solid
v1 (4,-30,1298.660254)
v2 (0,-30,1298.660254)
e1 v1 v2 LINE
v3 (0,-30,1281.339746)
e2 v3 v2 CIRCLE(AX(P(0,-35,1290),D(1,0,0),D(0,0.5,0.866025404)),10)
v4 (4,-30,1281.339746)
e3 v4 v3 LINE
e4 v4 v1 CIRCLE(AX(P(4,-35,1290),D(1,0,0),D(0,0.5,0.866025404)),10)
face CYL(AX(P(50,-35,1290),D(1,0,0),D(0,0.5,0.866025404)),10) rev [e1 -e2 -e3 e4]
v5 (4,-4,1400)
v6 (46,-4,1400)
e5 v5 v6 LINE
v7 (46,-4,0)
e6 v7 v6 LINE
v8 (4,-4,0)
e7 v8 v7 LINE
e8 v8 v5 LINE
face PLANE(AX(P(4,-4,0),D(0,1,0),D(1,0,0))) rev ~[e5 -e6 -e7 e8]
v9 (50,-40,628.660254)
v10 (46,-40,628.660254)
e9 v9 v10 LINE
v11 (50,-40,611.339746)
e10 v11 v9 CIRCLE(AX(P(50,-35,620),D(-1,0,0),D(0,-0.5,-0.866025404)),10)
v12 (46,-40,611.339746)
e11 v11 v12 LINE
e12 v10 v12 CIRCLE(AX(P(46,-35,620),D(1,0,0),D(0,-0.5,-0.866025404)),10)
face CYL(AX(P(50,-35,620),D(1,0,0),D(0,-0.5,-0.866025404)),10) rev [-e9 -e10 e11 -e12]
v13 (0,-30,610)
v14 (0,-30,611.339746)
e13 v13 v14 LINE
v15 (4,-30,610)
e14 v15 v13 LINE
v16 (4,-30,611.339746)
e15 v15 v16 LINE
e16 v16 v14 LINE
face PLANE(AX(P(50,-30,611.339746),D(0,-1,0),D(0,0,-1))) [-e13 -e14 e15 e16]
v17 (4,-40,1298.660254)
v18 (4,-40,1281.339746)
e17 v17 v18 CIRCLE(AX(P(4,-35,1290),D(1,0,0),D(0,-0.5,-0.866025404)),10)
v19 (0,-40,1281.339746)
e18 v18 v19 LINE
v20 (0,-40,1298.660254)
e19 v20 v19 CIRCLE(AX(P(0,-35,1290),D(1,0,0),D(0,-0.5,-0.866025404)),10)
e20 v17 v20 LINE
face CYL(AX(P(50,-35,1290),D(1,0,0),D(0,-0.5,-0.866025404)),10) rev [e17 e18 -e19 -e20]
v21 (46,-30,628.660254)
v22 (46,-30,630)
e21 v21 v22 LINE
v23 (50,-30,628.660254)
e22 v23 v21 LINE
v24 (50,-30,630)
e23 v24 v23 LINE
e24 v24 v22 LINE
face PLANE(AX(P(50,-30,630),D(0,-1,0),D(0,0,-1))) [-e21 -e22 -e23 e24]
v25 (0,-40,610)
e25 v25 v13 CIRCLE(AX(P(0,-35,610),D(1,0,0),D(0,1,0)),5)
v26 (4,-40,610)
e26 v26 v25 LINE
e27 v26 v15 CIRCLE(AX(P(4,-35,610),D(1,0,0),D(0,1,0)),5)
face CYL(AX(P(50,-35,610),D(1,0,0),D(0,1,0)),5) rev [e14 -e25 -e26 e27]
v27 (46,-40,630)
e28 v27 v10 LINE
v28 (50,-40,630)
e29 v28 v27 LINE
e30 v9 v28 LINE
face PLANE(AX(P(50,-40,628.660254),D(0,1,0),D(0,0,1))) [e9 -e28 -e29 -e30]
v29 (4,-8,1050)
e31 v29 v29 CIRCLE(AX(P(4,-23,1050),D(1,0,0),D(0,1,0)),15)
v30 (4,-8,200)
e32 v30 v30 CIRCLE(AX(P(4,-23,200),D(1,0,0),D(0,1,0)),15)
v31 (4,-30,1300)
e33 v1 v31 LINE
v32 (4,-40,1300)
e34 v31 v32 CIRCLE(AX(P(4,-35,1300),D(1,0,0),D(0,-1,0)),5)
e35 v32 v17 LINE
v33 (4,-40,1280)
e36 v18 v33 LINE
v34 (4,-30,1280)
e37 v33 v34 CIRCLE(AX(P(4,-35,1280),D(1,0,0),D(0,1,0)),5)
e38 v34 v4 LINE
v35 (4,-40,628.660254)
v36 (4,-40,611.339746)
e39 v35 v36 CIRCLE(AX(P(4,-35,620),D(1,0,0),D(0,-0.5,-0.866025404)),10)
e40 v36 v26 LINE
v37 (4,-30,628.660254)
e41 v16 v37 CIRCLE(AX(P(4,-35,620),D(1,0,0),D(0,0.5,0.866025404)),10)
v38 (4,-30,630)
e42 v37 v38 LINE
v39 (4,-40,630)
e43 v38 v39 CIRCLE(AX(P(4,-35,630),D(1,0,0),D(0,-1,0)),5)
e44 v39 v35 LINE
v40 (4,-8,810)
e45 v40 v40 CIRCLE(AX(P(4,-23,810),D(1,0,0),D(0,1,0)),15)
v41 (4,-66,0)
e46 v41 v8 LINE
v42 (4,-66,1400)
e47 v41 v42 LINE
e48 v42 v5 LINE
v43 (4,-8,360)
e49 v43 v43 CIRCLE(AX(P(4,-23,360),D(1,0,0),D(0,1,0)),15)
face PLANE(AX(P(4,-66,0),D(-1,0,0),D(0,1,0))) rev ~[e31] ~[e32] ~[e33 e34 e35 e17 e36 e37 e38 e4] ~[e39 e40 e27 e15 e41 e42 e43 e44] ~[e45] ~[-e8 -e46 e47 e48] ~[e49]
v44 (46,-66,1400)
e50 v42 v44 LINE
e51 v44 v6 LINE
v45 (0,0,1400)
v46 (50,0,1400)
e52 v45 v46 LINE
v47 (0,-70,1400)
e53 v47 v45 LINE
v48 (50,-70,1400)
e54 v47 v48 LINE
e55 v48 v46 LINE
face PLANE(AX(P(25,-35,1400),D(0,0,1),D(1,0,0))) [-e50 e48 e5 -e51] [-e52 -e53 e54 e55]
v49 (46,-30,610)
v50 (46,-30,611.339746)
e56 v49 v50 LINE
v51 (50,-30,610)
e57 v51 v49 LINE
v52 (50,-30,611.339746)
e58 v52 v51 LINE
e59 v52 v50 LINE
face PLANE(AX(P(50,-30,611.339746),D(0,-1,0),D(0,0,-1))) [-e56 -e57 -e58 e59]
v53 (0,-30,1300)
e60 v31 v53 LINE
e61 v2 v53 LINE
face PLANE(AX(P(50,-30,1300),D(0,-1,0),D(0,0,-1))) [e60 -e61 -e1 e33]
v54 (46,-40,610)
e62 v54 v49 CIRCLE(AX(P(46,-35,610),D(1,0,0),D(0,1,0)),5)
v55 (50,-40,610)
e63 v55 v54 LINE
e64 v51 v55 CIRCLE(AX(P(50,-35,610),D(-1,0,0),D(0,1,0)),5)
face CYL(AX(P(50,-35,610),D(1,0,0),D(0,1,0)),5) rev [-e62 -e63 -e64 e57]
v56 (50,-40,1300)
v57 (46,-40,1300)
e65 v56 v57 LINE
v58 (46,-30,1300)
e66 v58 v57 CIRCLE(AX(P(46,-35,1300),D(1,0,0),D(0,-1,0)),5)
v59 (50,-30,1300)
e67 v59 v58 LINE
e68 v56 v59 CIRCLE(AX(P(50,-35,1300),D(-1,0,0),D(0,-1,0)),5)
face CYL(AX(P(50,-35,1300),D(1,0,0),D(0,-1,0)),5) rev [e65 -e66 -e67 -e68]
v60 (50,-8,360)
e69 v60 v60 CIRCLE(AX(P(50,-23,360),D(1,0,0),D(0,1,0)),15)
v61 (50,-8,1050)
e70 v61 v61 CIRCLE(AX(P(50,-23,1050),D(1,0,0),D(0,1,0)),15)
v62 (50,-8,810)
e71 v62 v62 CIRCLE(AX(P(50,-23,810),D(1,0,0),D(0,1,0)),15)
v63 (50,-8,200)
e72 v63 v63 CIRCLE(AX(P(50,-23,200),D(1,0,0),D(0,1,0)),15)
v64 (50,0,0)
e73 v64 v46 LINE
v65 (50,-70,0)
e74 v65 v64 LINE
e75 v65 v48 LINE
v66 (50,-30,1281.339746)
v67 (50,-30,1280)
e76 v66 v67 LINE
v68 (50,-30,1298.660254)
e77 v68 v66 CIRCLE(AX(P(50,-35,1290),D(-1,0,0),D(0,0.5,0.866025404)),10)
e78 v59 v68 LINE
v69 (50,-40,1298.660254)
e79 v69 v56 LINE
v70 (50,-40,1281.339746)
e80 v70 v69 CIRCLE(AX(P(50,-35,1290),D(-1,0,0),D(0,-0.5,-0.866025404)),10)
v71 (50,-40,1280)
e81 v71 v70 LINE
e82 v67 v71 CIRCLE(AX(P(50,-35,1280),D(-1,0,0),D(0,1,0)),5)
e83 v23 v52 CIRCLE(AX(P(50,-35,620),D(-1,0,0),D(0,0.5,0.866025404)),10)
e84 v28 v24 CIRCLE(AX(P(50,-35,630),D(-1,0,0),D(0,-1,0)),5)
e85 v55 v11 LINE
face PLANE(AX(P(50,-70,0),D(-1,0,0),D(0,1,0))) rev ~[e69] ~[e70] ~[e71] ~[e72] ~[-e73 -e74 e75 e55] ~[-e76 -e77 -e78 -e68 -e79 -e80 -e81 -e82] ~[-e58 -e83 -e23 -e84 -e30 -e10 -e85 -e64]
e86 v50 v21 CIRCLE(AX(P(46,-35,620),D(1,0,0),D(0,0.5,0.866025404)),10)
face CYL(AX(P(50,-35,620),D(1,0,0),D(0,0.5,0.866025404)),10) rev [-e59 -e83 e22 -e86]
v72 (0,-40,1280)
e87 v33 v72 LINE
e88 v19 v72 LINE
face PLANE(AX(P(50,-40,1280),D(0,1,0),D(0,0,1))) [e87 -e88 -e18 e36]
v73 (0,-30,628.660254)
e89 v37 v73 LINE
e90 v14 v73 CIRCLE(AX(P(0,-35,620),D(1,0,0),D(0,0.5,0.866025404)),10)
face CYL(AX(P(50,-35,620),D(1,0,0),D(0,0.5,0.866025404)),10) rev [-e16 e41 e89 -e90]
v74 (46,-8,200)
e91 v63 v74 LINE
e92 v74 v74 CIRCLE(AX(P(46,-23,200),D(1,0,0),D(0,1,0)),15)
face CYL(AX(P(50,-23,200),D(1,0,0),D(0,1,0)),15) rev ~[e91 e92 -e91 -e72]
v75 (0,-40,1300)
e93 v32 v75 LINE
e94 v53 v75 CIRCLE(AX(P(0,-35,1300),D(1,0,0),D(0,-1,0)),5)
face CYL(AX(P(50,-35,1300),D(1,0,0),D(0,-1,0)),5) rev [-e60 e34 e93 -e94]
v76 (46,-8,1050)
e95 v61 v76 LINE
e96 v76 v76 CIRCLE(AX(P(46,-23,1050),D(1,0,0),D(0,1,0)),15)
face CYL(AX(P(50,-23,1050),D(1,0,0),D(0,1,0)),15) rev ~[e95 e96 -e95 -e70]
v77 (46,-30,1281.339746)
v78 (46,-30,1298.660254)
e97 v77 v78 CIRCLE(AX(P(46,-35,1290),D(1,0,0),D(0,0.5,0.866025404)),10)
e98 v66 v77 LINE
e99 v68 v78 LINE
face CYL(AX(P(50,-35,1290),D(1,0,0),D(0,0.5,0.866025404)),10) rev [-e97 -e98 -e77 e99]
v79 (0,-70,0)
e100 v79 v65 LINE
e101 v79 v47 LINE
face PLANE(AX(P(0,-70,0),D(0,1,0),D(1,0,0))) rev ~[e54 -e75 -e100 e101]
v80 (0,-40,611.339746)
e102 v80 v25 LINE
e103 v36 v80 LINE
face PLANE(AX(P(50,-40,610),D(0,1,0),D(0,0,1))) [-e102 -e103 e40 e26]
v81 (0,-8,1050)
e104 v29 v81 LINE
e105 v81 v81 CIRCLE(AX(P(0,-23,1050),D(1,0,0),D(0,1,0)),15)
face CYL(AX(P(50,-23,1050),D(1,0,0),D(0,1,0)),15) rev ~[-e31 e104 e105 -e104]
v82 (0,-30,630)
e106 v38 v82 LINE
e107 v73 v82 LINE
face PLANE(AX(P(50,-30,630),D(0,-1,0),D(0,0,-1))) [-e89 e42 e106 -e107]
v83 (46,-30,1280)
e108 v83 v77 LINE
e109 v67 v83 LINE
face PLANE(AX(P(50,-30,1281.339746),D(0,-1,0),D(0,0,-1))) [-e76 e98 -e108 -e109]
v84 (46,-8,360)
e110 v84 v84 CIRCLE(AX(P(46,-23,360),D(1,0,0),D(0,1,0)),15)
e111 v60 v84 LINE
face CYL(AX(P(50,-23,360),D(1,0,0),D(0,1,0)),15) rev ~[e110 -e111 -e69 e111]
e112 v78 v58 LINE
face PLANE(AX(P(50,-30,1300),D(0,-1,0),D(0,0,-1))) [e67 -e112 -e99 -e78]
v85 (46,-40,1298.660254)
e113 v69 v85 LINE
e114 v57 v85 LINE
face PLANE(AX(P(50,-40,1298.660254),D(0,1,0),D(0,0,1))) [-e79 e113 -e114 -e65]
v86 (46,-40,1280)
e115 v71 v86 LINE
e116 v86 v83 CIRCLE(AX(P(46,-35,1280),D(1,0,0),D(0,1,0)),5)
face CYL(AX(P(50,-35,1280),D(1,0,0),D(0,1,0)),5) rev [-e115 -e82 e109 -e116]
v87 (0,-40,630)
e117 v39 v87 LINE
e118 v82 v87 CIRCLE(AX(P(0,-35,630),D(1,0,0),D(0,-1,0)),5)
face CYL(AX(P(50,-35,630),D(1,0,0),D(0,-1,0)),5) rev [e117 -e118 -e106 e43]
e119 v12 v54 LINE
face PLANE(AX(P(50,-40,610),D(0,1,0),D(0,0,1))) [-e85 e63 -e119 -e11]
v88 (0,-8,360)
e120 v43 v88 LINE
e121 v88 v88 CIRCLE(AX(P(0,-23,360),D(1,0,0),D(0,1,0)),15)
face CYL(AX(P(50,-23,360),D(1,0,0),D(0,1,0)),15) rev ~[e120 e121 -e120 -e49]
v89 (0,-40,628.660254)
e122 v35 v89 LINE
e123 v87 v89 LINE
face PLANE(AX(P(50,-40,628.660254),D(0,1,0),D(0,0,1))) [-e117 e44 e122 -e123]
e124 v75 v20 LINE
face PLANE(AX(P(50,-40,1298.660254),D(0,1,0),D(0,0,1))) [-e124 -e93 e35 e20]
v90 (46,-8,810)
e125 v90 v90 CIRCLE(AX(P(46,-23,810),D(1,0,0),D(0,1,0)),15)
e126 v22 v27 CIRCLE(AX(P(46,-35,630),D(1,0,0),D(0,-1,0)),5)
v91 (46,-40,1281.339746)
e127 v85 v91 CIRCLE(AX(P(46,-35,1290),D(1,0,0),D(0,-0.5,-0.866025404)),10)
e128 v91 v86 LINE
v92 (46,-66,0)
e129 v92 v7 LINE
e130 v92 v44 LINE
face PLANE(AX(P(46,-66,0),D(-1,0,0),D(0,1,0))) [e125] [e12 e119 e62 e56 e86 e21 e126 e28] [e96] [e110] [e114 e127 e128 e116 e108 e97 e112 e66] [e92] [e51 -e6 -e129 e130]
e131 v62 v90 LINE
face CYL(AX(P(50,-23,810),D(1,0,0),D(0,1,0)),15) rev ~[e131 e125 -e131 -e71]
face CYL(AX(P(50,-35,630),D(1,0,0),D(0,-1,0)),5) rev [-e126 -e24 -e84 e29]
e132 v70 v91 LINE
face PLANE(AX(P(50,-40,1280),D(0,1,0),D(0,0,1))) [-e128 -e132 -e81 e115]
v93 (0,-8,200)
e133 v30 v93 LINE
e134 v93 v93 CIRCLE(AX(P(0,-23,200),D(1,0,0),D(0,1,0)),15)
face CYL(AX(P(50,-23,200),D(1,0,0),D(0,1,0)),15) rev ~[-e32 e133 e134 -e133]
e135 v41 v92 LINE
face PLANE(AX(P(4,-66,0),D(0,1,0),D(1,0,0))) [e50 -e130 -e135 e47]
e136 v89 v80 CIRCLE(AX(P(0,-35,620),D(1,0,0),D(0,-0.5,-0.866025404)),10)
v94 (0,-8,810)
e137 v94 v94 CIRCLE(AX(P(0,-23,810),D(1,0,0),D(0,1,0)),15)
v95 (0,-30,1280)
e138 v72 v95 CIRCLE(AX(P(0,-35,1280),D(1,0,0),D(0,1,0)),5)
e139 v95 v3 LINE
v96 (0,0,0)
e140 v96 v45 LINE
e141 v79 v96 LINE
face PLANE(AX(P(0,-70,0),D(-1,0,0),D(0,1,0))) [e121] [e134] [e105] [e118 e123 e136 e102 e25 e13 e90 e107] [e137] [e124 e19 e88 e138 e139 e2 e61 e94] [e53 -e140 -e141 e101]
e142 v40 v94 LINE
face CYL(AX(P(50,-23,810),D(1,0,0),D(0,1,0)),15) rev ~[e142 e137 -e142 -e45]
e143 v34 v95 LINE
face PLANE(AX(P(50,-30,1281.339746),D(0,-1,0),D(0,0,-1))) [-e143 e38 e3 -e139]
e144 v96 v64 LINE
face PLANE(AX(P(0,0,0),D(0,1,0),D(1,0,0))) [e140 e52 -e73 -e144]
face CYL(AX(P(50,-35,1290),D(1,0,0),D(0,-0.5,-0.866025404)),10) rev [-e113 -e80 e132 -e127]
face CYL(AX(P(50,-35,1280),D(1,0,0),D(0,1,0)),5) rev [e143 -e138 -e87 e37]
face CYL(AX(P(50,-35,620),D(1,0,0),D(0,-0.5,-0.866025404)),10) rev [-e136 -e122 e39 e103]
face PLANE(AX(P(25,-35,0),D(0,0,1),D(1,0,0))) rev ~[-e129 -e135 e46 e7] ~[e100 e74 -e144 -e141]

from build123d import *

# Parameters (mm, degrees)
SKETCH1_W           = 50
SKETCH1_H           = 70
SKETCH1_W_2         = 42
SKETCH1_H_2         = 62
BOSS_EXTRUDE2_DEPTH = 1400
SKETCH2_R           = 15
CUT_EXTRUDE1_DEPTH  = 1403.640367307


with BuildPart() as part:
    # Sketch1 → Boss-Extrude2 (new body)
    with BuildSketch(Plane.XY):
        with Locations((25, -35)):
            Rectangle(SKETCH1_W, SKETCH1_H)
        with Locations((25, -35)):
            Rectangle(SKETCH1_W_2, SKETCH1_H_2, mode=Mode.SUBTRACT)
    extrude(amount=BOSS_EXTRUDE2_DEPTH)

    # Sketch2 → Cut-Extrude1 (cut, through all)
    with BuildSketch(Plane(origin=(50, 0, 0), x_dir=(0, 0, -1), z_dir=(1, 0, 0))):
        with Locations(Location((-1050, -23, 0), (0, 0, 90))):
            Circle(SKETCH2_R)
        with Locations(Location((-200, -23, 0), (0, 0, 90))):
            Circle(SKETCH2_R)
        with Locations(Location((-810, -23, 0), (0, 0, 90))):
            Circle(SKETCH2_R)
        with Locations(Location((-360, -23, 0), (0, 0, 90))):
            Circle(SKETCH2_R)
        with BuildLine():
            Line((-1281.339745962, -30), (-1280, -30))
            ThreePointArc((-1280, -30), (-1275, -35), (-1280, -40))
            Line((-1280, -40), (-1281.339745962, -40))
            ThreePointArc((-1281.339745962, -40), (-1290, -45), (-1298.660254038, -40))
            Line((-1298.660254038, -40), (-1300, -40))
            ThreePointArc((-1300, -40), (-1305, -35), (-1300, -30))
            Line((-1300, -30), (-1298.660254038, -30))
            ThreePointArc((-1298.660254038, -30), (-1290, -25), (-1281.339745962, -30))
        make_face()
        with BuildLine():
            Line((-611.339745962, -30), (-610, -30))
            ThreePointArc((-610, -30), (-605, -35), (-610, -40))
            Line((-610, -40), (-611.339745962, -40))
            ThreePointArc((-611.339745962, -40), (-620, -45), (-628.660254038, -40))
            Line((-628.660254038, -40), (-630, -40))
            ThreePointArc((-630, -40), (-635, -35), (-630, -30))
            Line((-630, -30), (-628.660254038, -30))
            ThreePointArc((-628.660254038, -30), (-620, -25), (-611.339745962, -30))
        make_face()
    extrude(amount=-CUT_EXTRUDE1_DEPTH, mode=Mode.SUBTRACT)


solid = part.part
